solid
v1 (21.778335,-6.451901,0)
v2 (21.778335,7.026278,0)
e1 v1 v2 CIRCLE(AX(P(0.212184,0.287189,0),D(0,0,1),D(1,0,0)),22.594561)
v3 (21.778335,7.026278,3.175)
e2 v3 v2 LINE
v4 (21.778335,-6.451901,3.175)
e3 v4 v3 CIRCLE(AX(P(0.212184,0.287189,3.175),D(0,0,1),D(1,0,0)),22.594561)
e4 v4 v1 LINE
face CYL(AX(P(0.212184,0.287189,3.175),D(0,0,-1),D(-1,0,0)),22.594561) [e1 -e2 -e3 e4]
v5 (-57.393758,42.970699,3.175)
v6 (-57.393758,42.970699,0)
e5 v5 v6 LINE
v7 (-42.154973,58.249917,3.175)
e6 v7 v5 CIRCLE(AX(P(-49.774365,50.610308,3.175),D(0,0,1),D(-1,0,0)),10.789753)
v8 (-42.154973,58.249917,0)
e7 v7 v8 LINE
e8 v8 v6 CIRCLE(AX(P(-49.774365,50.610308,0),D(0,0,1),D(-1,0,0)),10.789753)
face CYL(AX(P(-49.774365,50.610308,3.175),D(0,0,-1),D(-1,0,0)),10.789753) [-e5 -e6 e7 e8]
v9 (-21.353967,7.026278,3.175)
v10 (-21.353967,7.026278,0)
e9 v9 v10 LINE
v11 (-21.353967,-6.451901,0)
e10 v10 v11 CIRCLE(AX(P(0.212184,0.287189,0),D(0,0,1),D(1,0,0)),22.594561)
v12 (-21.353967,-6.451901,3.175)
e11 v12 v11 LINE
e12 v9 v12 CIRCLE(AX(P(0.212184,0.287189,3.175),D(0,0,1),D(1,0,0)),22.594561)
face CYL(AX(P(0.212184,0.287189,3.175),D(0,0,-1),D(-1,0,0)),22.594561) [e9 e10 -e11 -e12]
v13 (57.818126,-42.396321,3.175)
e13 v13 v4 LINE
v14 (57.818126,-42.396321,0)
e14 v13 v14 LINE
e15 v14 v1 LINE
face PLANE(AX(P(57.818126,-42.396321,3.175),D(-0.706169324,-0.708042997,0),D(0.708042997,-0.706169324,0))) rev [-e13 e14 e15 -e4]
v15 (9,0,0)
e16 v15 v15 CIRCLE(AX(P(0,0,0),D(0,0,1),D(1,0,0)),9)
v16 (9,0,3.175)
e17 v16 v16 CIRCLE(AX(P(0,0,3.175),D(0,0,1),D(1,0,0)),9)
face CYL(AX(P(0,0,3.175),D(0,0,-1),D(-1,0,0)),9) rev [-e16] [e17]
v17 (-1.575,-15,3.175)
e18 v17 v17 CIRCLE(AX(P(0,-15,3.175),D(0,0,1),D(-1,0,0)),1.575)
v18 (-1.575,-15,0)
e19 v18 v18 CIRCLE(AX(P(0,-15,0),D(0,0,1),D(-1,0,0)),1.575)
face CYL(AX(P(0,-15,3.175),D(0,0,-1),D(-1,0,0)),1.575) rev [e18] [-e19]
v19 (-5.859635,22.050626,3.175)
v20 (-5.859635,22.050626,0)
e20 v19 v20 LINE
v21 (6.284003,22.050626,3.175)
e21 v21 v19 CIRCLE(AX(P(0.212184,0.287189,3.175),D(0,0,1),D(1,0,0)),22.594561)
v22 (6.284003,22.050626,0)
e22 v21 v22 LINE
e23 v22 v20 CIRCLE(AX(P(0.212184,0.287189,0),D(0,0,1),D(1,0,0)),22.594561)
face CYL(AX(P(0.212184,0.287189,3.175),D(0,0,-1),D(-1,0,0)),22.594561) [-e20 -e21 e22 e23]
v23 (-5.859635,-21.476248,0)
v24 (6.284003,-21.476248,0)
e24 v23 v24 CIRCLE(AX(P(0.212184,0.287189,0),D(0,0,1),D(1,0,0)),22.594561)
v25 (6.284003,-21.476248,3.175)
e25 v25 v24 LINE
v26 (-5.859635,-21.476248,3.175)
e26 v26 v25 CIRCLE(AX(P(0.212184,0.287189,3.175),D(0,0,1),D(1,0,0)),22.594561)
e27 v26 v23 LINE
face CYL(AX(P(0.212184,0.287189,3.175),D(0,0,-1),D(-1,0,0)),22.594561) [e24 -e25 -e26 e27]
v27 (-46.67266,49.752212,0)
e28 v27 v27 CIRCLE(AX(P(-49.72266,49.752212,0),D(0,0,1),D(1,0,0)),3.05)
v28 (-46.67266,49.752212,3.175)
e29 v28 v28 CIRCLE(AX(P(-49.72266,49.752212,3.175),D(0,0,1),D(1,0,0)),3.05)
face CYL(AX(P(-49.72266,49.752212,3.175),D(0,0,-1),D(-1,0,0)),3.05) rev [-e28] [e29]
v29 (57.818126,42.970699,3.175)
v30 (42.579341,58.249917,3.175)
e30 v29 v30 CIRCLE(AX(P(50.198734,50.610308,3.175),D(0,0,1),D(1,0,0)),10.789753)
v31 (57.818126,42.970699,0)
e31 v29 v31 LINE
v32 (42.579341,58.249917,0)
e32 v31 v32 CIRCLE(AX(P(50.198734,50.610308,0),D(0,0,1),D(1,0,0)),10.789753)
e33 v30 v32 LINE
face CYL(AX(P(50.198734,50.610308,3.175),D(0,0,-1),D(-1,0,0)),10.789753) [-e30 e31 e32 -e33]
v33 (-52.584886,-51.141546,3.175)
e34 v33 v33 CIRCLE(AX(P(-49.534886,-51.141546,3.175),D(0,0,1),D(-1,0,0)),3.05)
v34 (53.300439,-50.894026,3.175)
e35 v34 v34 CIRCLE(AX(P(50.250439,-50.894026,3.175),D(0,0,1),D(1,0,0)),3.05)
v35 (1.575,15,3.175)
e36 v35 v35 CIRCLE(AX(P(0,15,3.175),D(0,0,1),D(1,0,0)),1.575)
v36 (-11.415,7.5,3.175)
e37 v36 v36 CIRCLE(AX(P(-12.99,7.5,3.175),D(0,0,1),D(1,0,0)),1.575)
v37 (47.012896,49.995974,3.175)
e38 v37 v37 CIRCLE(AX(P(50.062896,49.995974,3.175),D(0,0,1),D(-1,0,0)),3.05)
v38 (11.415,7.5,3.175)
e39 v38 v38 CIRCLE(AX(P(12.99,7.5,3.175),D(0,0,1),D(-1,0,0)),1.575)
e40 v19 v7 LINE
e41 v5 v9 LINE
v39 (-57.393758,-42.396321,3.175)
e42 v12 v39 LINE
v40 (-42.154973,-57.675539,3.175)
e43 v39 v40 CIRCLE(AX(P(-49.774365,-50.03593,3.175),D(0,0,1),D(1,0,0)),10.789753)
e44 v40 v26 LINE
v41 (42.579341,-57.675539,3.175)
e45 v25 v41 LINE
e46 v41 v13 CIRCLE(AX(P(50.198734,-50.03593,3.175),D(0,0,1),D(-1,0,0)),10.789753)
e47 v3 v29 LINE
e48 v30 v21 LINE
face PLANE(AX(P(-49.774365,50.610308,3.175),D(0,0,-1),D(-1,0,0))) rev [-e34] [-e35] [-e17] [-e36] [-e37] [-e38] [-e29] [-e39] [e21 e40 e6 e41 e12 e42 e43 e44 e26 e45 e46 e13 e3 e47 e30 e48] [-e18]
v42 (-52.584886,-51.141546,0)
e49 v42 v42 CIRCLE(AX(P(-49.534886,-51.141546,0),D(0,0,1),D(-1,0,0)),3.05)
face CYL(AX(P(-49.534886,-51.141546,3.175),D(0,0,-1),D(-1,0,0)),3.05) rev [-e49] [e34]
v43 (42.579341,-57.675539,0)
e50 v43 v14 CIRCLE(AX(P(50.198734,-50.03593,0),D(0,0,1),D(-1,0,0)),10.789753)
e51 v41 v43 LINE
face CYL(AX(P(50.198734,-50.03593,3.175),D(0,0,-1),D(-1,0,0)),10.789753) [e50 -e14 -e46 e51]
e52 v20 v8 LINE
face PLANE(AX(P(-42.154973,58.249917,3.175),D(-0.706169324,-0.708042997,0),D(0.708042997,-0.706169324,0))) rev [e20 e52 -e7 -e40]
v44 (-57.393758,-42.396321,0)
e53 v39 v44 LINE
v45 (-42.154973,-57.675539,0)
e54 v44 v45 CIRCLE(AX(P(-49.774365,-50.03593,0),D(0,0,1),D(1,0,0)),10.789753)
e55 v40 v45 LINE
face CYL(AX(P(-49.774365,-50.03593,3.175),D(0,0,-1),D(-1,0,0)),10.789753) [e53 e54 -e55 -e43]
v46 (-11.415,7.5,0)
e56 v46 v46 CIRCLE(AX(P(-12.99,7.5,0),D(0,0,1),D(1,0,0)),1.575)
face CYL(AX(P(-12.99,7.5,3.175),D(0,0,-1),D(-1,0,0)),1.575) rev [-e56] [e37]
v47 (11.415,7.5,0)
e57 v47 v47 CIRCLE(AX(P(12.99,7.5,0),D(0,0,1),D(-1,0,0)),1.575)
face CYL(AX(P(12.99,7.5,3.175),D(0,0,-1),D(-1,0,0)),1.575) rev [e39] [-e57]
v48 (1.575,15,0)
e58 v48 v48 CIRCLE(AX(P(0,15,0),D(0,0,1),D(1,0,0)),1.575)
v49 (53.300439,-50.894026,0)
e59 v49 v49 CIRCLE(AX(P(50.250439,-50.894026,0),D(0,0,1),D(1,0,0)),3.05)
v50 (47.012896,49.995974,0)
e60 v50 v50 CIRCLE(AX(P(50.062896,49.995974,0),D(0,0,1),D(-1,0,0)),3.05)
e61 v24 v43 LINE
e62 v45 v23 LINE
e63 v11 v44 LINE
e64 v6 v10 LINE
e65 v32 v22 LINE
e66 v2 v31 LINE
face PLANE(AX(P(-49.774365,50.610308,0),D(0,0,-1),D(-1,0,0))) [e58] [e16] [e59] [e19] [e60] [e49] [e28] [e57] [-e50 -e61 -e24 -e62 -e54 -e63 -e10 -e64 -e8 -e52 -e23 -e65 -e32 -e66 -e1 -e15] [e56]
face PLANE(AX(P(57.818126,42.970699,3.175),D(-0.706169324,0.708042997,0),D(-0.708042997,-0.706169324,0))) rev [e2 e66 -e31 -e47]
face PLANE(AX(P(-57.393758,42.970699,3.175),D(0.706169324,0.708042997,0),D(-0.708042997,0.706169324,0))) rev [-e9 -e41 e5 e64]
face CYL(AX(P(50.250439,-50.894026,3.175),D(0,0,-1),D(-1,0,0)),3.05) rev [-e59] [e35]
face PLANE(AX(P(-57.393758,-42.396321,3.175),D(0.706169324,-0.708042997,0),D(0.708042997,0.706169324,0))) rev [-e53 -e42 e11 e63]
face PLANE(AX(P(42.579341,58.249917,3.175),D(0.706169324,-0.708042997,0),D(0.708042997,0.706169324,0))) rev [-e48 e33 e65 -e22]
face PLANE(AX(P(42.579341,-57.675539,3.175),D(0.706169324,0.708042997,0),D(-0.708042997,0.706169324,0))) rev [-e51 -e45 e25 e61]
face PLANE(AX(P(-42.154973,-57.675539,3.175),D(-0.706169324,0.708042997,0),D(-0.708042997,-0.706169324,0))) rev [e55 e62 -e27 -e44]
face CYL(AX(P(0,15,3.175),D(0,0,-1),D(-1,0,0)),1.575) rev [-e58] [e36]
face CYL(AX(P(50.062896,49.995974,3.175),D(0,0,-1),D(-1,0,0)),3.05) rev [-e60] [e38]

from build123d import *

# Parameters (mm, degrees)
MODEL_R             = 1.575000001
MODEL_R_2           = 3.05
MODEL_R_3           = 9.000000001
BOSS_EXTRUDE1_DEPTH = 3.175


with BuildPart() as part:
    # Model → Boss-Extrude1 (new body)
    with BuildSketch(Plane.XY):
        with BuildLine():
            Line((-57.393758137, 42.970698671), (-21.353966815, 7.026278384))
            ThreePointArc((-21.353966815, 7.026278384), (-22.382377018, 0.28718893), (-21.353966815, -6.451900523))
            Line((-21.353966815, -6.451900523), (-57.393758137, -42.39632081))
            ThreePointArc((-57.393758137, -42.39632081), (-57.413974609, -57.655322639), (-42.15497278, -57.675539111))
            Line((-42.15497278, -57.675539111), (-5.859634798, -21.47624841))
            ThreePointArc((-5.859634798, -21.47624841), (0.212184024, -22.307372111), (6.284002846, -21.47624841))
            Line((6.284002846, -21.47624841), (42.579340828, -57.675539111))
            ThreePointArc((42.579340828, -57.675539111), (57.838342657, -57.655322639), (57.818126185, -42.39632081))
            Line((57.818126185, -42.39632081), (21.778334863, -6.451900523))
            ThreePointArc((21.778334863, -6.451900523), (22.806745065, 0.28718893), (21.778334863, 7.026278384))
            Line((21.778334863, 7.026278384), (57.818126185, 42.970698671))
            ThreePointArc((57.818126185, 42.970698671), (57.838342657, 58.229700499), (42.579340828, 58.249916972))
            Line((42.579340828, 58.249916972), (6.284002846, 22.05062627))
            ThreePointArc((6.284002846, 22.05062627), (0.212184024, 22.881749972), (-5.859634798, 22.05062627))
            Line((-5.859634798, 22.05062627), (-42.15497278, 58.249916972))
            ThreePointArc((-42.15497278, 58.249916972), (-57.413974609, 58.229700499), (-57.393758137, 42.970698671))
        make_face()
        with Locations((0, 15)):
            Circle(MODEL_R, mode=Mode.SUBTRACT)
        with Locations((-49.72265974, 49.752211816)):
            Circle(MODEL_R_2, mode=Mode.SUBTRACT)
        with Locations(Location((50.062895685, 49.995974034, 0), (0, 0, 180))):
            Circle(MODEL_R_2, mode=Mode.SUBTRACT)
        with Locations((50.250439225, -50.894025966)):
            Circle(MODEL_R_2, mode=Mode.SUBTRACT)
        with Locations(Location((-49.534886134, -51.141545777, 0), (0, 0, 180))):
            Circle(MODEL_R_2, mode=Mode.SUBTRACT)
        with Locations((-12.99, 7.5)):
            Circle(MODEL_R, mode=Mode.SUBTRACT)
        with Locations(Location((12.99, 7.5, 0), (0, 0, 180))):
            Circle(MODEL_R, mode=Mode.SUBTRACT)
        Circle(MODEL_R_3, mode=Mode.SUBTRACT)
        with Locations(Location((0, -15, 0), (0, 0, 180))):
            Circle(MODEL_R, mode=Mode.SUBTRACT)
    extrude(amount=BOSS_EXTRUDE1_DEPTH)


solid = part.part
